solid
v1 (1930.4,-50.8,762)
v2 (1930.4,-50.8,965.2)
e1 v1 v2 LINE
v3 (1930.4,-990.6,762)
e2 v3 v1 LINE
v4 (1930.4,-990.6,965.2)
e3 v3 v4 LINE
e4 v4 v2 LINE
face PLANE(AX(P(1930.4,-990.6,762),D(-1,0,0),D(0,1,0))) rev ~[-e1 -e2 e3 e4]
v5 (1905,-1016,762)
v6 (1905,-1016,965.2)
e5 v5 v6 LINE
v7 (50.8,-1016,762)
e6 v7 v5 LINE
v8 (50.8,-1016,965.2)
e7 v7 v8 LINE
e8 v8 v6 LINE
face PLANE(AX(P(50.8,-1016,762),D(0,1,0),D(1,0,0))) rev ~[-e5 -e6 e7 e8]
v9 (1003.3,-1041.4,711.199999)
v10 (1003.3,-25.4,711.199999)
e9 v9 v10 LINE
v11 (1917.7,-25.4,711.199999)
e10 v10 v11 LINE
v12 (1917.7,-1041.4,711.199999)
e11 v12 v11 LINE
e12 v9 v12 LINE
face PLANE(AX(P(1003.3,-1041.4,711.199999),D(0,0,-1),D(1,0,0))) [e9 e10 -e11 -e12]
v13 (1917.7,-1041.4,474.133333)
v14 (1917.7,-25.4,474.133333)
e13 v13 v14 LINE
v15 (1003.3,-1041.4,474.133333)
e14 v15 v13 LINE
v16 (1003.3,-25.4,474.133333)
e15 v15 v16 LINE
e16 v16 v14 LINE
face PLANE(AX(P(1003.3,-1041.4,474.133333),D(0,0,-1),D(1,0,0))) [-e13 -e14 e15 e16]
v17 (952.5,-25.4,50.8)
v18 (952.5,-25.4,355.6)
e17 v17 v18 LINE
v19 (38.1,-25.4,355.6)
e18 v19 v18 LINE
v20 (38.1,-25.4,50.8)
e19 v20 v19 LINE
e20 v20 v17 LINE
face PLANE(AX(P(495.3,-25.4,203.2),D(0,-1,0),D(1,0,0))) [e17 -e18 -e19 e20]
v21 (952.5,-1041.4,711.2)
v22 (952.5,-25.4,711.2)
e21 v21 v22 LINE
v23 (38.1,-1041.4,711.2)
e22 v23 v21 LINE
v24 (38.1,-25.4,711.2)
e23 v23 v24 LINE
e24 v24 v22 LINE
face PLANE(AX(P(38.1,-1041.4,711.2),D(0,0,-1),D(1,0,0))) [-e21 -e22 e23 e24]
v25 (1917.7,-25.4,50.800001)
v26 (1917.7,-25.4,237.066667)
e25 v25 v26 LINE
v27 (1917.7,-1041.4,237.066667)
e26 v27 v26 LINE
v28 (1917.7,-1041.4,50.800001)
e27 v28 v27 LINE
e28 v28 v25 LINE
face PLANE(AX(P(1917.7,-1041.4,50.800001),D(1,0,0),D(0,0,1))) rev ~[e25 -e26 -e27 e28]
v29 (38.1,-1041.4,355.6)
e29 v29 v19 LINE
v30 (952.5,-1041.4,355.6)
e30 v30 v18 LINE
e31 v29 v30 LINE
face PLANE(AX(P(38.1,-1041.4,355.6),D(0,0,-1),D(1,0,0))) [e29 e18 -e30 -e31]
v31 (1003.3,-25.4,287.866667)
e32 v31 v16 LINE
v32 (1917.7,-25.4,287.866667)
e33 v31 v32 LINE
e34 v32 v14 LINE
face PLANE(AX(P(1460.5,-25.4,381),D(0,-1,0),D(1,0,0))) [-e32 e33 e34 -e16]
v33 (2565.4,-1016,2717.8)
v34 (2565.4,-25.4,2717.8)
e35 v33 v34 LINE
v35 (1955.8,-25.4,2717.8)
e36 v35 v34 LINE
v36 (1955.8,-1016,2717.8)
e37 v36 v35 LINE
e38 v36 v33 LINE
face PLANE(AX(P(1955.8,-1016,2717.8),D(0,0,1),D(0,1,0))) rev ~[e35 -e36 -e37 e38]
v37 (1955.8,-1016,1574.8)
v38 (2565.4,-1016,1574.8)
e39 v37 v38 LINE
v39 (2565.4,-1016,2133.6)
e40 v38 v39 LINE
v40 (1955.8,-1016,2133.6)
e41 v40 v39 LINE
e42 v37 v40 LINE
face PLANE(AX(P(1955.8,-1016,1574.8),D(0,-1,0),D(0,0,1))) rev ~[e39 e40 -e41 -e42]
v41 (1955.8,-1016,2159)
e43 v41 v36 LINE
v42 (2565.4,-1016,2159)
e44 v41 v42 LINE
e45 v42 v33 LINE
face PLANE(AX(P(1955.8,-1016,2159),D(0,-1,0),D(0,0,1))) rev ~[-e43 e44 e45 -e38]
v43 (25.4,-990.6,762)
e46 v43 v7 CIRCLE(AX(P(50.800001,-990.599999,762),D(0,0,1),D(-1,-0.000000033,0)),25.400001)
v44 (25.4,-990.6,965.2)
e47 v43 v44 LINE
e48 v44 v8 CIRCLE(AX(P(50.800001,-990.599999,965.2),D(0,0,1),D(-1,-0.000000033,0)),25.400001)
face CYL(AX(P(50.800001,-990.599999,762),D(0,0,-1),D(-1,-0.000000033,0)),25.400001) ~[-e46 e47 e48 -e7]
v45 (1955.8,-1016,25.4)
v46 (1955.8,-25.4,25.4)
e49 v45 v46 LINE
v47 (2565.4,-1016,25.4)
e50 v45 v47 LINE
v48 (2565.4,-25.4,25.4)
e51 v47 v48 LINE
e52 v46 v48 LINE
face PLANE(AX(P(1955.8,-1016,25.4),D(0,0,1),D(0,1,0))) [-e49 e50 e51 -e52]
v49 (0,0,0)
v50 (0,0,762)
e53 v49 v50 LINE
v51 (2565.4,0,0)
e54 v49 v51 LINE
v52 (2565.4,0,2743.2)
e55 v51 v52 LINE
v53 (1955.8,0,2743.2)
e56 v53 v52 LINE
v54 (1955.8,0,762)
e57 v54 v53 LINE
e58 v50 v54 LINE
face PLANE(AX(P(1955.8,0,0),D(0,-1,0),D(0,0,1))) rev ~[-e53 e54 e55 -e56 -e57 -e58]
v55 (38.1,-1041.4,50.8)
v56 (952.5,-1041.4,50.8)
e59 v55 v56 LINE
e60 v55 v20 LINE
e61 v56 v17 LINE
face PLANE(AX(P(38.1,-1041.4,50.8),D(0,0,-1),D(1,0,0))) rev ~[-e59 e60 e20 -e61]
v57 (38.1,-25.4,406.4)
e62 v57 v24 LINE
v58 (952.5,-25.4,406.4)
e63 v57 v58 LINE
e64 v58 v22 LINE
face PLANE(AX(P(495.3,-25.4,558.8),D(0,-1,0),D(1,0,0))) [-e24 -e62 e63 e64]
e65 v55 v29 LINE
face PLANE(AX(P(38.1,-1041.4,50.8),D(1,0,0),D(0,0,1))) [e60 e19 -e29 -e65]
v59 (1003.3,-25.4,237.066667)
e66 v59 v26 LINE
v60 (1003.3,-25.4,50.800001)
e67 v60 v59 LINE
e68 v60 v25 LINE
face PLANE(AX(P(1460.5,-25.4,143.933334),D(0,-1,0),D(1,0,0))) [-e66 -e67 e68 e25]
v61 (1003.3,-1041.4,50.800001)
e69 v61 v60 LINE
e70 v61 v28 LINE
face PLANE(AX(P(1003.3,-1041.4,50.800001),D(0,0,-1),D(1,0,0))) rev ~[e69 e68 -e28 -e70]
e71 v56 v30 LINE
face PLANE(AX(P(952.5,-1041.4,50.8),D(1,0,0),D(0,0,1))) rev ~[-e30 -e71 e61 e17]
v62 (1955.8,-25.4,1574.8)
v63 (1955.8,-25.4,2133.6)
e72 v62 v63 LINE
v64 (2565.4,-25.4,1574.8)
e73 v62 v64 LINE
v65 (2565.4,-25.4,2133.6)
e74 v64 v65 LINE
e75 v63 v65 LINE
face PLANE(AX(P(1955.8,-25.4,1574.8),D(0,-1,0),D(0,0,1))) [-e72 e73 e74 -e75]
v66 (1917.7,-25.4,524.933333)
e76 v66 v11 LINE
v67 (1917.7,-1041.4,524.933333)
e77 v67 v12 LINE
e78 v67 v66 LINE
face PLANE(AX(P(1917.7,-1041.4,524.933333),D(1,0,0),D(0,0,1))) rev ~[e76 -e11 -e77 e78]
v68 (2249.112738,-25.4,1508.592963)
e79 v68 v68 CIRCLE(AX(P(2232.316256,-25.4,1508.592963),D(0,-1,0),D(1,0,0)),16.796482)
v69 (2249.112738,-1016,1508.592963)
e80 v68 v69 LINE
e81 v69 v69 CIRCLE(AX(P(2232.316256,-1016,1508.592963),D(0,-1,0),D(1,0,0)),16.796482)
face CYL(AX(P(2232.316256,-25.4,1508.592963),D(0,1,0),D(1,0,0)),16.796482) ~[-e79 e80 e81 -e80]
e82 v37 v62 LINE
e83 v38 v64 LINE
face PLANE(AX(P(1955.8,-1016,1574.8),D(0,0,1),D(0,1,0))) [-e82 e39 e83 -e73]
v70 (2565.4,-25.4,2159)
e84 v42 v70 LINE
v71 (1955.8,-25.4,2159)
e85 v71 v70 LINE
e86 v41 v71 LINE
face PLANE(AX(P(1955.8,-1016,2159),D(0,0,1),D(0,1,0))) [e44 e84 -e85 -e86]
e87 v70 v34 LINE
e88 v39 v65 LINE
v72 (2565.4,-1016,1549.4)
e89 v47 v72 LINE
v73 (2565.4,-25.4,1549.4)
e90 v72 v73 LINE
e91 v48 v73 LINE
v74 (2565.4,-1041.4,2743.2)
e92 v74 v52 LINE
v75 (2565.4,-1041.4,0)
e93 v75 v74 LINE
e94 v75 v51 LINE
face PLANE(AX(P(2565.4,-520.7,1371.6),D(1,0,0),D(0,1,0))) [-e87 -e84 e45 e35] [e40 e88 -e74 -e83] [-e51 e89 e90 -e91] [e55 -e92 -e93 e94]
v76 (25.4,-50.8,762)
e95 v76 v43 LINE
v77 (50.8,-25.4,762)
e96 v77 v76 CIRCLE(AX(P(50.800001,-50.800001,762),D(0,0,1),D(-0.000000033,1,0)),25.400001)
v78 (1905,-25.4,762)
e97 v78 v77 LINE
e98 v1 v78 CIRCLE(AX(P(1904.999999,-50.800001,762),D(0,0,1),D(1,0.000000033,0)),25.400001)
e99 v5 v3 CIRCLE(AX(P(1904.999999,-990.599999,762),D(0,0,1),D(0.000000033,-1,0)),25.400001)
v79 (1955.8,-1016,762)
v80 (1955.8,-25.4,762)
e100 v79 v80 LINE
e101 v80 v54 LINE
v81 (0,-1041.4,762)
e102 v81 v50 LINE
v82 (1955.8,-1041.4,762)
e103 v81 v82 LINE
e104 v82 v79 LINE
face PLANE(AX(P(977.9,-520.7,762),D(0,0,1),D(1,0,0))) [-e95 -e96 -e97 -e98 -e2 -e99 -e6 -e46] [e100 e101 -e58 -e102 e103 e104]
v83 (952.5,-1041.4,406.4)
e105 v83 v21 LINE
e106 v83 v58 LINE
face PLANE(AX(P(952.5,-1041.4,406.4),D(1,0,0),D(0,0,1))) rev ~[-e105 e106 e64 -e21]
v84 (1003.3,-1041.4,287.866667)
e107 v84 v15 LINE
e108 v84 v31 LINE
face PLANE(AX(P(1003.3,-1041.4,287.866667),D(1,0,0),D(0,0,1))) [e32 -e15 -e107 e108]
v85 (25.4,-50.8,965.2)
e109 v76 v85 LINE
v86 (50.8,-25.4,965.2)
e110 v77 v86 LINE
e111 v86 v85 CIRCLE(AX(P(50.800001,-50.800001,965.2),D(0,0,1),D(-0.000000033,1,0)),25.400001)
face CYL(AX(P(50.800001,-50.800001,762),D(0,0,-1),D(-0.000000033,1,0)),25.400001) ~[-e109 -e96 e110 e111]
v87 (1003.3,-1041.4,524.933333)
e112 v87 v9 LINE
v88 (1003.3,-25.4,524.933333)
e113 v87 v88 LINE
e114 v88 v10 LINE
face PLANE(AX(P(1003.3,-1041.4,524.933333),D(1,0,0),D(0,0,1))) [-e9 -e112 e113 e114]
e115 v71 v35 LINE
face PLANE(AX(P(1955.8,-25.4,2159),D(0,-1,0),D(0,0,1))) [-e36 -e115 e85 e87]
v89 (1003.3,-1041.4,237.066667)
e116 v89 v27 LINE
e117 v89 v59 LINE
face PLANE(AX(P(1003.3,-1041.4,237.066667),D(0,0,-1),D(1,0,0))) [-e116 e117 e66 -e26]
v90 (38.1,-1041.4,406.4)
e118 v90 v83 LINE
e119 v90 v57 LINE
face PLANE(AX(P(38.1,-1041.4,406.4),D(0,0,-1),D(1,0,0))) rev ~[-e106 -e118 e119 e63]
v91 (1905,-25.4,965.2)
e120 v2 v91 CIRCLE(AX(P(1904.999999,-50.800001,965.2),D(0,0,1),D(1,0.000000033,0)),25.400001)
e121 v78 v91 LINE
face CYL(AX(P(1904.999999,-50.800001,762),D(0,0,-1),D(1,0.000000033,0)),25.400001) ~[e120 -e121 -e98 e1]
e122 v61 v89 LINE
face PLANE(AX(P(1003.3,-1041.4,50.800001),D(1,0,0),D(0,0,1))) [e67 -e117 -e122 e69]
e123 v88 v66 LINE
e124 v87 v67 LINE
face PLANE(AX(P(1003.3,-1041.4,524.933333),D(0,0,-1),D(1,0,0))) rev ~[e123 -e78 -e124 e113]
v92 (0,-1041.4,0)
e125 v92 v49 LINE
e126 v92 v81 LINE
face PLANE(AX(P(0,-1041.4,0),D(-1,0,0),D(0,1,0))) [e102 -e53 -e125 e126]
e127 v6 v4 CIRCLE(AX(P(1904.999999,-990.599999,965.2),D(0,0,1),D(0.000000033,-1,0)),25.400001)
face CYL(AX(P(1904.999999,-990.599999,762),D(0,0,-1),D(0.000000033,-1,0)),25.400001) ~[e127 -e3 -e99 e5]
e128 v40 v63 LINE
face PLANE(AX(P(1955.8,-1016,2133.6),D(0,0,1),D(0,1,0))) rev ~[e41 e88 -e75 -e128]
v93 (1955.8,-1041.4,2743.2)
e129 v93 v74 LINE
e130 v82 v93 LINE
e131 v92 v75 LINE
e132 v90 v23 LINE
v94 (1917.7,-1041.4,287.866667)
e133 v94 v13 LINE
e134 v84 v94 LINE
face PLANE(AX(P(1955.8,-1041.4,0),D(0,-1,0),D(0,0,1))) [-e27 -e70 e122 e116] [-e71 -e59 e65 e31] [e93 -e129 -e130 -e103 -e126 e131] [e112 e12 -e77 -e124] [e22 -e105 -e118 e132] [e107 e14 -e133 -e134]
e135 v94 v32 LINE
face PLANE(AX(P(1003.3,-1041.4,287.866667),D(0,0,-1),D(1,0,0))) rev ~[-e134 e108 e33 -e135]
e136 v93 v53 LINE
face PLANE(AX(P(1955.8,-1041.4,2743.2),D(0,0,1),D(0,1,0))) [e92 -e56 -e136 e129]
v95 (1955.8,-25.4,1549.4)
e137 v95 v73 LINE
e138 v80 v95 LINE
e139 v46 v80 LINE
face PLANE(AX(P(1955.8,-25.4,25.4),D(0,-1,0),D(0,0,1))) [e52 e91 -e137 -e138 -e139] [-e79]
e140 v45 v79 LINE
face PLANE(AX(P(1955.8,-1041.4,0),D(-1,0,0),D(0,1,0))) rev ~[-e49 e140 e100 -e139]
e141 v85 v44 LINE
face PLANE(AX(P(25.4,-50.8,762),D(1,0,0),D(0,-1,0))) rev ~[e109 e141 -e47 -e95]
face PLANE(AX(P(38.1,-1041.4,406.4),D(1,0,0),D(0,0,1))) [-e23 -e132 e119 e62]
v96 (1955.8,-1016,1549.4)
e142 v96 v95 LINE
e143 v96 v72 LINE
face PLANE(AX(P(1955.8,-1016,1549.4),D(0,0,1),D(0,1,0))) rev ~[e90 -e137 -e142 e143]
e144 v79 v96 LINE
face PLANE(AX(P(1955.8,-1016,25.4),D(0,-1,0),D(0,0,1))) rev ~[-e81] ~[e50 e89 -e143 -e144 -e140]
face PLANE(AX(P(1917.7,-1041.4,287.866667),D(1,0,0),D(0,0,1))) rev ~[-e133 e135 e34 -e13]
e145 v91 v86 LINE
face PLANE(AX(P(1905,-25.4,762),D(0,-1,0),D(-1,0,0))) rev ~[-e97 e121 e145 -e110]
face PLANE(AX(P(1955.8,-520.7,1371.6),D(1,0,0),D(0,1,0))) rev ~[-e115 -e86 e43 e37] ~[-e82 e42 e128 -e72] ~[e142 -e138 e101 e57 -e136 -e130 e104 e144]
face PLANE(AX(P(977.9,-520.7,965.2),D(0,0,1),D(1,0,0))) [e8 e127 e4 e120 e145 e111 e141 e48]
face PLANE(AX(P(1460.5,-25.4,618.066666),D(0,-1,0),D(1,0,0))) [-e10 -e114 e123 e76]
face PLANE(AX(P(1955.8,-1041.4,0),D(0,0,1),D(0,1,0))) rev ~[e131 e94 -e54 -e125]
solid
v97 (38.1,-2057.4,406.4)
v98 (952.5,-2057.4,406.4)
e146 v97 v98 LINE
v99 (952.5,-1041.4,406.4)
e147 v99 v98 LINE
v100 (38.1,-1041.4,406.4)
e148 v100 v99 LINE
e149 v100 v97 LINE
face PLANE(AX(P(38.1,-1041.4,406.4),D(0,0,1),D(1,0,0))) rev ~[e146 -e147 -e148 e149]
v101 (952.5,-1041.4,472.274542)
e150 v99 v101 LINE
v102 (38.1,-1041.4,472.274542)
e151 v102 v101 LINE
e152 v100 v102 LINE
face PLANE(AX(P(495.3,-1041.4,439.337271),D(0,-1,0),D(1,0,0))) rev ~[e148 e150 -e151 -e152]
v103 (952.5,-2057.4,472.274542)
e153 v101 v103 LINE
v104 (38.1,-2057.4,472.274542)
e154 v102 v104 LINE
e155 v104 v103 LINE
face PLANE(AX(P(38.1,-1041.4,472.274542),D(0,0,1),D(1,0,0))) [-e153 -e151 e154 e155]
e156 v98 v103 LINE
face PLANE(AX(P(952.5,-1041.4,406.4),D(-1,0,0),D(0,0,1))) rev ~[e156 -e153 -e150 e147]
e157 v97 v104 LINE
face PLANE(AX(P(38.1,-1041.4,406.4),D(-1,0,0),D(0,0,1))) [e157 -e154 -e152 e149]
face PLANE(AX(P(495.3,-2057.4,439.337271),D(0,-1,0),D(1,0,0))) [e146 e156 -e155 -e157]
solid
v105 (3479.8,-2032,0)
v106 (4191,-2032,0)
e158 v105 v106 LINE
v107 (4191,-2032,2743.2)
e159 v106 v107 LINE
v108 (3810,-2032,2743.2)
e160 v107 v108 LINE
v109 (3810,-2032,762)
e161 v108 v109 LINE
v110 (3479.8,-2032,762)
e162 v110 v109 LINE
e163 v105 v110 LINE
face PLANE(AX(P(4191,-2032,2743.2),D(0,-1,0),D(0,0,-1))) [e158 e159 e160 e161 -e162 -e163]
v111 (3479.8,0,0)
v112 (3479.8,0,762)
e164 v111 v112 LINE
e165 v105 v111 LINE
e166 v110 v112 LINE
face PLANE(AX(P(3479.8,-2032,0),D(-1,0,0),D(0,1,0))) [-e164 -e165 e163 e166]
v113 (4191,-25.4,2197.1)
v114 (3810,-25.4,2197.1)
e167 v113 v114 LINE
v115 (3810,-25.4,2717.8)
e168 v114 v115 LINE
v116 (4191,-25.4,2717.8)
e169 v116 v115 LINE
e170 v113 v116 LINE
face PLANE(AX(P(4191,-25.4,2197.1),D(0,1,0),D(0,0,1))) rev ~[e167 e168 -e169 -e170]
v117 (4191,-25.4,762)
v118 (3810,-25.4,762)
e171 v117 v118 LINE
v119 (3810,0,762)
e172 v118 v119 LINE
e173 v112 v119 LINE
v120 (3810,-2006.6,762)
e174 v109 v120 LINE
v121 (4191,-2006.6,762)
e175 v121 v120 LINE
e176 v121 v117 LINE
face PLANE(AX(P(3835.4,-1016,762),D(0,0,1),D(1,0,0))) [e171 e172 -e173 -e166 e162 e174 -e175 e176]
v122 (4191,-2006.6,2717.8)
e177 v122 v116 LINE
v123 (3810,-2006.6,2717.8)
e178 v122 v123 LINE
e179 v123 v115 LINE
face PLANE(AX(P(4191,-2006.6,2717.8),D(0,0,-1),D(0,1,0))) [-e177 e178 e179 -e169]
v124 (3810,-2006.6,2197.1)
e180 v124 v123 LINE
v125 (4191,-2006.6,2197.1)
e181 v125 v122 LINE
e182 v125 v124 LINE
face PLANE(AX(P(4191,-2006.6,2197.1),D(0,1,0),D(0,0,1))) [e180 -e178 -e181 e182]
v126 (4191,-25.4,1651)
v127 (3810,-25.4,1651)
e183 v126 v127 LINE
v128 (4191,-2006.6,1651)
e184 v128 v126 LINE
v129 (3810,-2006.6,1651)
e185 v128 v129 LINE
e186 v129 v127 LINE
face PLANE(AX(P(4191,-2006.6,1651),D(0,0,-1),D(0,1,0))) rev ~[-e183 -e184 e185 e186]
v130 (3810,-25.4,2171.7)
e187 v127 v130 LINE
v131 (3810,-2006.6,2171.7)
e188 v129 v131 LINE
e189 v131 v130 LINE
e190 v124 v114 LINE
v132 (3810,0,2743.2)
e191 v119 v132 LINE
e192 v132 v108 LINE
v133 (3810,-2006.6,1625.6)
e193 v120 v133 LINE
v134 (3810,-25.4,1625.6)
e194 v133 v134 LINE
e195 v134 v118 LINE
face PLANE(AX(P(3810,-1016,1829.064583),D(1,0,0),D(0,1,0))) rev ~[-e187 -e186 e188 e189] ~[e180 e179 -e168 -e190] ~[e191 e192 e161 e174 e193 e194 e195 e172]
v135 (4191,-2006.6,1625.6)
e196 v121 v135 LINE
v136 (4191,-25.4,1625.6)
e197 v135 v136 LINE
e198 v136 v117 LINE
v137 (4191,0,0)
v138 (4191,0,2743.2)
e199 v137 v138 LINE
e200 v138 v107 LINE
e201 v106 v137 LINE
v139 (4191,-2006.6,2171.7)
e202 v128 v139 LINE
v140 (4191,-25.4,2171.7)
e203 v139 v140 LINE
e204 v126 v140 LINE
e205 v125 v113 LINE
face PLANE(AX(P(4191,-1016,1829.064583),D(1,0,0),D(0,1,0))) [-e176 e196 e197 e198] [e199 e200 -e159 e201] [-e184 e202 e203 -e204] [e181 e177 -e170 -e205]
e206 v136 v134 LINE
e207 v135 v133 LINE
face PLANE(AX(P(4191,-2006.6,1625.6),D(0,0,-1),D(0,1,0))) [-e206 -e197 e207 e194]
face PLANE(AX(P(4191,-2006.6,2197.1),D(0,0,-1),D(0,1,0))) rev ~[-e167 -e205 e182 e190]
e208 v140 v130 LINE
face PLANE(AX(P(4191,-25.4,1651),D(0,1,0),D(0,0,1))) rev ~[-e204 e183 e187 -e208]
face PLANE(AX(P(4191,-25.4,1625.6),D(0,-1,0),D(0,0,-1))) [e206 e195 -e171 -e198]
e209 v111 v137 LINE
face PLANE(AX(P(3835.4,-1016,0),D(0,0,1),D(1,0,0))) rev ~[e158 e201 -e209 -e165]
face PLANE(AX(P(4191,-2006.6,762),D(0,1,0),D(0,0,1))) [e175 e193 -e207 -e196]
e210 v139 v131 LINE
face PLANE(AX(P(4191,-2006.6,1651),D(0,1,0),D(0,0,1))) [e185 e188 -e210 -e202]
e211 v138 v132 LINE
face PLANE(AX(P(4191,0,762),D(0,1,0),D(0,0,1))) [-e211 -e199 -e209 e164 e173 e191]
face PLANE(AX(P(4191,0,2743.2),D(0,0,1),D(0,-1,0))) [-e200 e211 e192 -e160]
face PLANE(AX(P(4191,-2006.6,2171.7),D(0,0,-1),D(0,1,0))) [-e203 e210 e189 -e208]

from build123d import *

# Parameters (mm, degrees)
F0_W      = 1955.8
F0_H      = 1041.4
F1_DEPTH  = 762
F3_DEPTH  = 203.2
F4_W      = 914.4
F4_H      = 304.8
F4_H_2    = 186.266667
F4_H_3    = 186.266666
F5_DEPTH  = 1016
F6_W      = 914.4
F6_H      = 65.874542
F7_DEPTH  = 1016
F8_W      = 1041.4
F8_H      = 2743.2
F8_W_2    = 990.6
F8_H_2    = 1524
F8_H_3    = 558.8
F9_DEPTH  = 609.6
F10_R     = 16.796482
F11_DEPTH = 990.6
F12_W     = 711.2
F12_H     = 2032
F13_DEPTH = 762
F14_W     = 1981.2
F14_H     = 520.7
F15_DEPTH = 381


with BuildPart() as f1:
    # F0 (on Top) → F1 (new body)
    with BuildSketch(Plane.XY):
        with Locations((977.9, -520.7)):
            Rectangle(F0_W, F0_H)
    extrude(amount=F1_DEPTH)

    # F2 (on face) → F3 (join)
    with BuildSketch(Plane.XY.offset(762)):
        with BuildLine():
            Line((1905, -25.4), (50.8, -25.4))
            ThreePointArc((50.8, -25.4), (32.839488, -32.839488), (25.4, -50.8))
            Line((25.4, -50.8), (25.4, -990.6))
            ThreePointArc((25.4, -990.6), (32.839488, -1008.560512), (50.8, -1016))
            Line((50.8, -1016), (1905, -1016))
            ThreePointArc((1905, -1016), (1922.960512, -1008.560512), (1930.4, -990.6))
            Line((1930.4, -990.6), (1930.4, -50.8))
            ThreePointArc((1930.4, -50.8), (1922.960512, -32.839488), (1905, -25.4))
        make_face()
    extrude(amount=F3_DEPTH)

    # F4 (on face) → F5 (cut)
    with BuildSketch(Plane.XZ.offset(1041.4)):
        with Locations((495.3, 558.8)):
            Rectangle(F4_W, F4_H)
        with Locations((495.3, 203.2)):
            Rectangle(F4_W, F4_H)
        with Locations((1460.5, 618.066666)):
            Rectangle(F4_W, F4_H_2)
        with Locations((1460.5, 381)):
            Rectangle(F4_W, F4_H_3)
        with Locations((1460.5, 143.933334)):
            Rectangle(F4_W, F4_H_2)
    extrude(amount=-F5_DEPTH, mode=Mode.SUBTRACT)

    # F8 (on face) → F9 (join)
    with BuildSketch(Plane.YZ.offset(1955.8)):
        with Locations((-520.7, 1371.6)):
            Rectangle(F8_W, F8_H)
        with Locations((-520.7, 787.4)):
            Rectangle(F8_W_2, F8_H_2, mode=Mode.SUBTRACT)
        with Locations((-520.7, 1854.2)):
            Rectangle(F8_W_2, F8_H_3, mode=Mode.SUBTRACT)
        with Locations((-520.7, 2438.4)):
            Rectangle(F8_W_2, F8_H_3, mode=Mode.SUBTRACT)
    extrude(amount=F9_DEPTH)

    # F10 (on face) → F11 (join, through all)
    with BuildSketch(Plane.XZ.offset(25.4)):
        with Locations((2232.316256, 1508.592963)):
            Circle(F10_R)
    extrude(amount=F11_DEPTH)


with BuildPart() as f7:
    # F6 (on face) → F7 (new body)
    with BuildSketch(Plane.XZ.offset(1041.4)):
        with Locations((495.3, 439.337271)):
            Rectangle(F6_W, F6_H)
    extrude(amount=F7_DEPTH)


with BuildPart() as f13:
    # F12 (on Top) → F13 (new body)
    with BuildSketch(Plane.XY):
        with Locations((3835.4, -1016)):
            Rectangle(F12_W, F12_H)
    extrude(amount=F13_DEPTH)

    # F14 (on face) → F15 (join)
    with BuildSketch(Plane.YZ.offset(4191)):
        Polygon((-2032, 2743.2), (-2032, 762), (-2006.6, 762), (-2006.6, 1625.6), (-25.4, 1625.6), (-25.4, 762), (0, 762), (0, 2743.2), align=None)
        with Locations((-1016, 1911.35)):
            Rectangle(F14_W, F14_H, mode=Mode.SUBTRACT)
        with Locations((-1016, 2457.45)):
            Rectangle(F14_W, F14_H, mode=Mode.SUBTRACT)
    extrude(amount=-F15_DEPTH)


solid = Compound([f1.part, f7.part, f13.part])
